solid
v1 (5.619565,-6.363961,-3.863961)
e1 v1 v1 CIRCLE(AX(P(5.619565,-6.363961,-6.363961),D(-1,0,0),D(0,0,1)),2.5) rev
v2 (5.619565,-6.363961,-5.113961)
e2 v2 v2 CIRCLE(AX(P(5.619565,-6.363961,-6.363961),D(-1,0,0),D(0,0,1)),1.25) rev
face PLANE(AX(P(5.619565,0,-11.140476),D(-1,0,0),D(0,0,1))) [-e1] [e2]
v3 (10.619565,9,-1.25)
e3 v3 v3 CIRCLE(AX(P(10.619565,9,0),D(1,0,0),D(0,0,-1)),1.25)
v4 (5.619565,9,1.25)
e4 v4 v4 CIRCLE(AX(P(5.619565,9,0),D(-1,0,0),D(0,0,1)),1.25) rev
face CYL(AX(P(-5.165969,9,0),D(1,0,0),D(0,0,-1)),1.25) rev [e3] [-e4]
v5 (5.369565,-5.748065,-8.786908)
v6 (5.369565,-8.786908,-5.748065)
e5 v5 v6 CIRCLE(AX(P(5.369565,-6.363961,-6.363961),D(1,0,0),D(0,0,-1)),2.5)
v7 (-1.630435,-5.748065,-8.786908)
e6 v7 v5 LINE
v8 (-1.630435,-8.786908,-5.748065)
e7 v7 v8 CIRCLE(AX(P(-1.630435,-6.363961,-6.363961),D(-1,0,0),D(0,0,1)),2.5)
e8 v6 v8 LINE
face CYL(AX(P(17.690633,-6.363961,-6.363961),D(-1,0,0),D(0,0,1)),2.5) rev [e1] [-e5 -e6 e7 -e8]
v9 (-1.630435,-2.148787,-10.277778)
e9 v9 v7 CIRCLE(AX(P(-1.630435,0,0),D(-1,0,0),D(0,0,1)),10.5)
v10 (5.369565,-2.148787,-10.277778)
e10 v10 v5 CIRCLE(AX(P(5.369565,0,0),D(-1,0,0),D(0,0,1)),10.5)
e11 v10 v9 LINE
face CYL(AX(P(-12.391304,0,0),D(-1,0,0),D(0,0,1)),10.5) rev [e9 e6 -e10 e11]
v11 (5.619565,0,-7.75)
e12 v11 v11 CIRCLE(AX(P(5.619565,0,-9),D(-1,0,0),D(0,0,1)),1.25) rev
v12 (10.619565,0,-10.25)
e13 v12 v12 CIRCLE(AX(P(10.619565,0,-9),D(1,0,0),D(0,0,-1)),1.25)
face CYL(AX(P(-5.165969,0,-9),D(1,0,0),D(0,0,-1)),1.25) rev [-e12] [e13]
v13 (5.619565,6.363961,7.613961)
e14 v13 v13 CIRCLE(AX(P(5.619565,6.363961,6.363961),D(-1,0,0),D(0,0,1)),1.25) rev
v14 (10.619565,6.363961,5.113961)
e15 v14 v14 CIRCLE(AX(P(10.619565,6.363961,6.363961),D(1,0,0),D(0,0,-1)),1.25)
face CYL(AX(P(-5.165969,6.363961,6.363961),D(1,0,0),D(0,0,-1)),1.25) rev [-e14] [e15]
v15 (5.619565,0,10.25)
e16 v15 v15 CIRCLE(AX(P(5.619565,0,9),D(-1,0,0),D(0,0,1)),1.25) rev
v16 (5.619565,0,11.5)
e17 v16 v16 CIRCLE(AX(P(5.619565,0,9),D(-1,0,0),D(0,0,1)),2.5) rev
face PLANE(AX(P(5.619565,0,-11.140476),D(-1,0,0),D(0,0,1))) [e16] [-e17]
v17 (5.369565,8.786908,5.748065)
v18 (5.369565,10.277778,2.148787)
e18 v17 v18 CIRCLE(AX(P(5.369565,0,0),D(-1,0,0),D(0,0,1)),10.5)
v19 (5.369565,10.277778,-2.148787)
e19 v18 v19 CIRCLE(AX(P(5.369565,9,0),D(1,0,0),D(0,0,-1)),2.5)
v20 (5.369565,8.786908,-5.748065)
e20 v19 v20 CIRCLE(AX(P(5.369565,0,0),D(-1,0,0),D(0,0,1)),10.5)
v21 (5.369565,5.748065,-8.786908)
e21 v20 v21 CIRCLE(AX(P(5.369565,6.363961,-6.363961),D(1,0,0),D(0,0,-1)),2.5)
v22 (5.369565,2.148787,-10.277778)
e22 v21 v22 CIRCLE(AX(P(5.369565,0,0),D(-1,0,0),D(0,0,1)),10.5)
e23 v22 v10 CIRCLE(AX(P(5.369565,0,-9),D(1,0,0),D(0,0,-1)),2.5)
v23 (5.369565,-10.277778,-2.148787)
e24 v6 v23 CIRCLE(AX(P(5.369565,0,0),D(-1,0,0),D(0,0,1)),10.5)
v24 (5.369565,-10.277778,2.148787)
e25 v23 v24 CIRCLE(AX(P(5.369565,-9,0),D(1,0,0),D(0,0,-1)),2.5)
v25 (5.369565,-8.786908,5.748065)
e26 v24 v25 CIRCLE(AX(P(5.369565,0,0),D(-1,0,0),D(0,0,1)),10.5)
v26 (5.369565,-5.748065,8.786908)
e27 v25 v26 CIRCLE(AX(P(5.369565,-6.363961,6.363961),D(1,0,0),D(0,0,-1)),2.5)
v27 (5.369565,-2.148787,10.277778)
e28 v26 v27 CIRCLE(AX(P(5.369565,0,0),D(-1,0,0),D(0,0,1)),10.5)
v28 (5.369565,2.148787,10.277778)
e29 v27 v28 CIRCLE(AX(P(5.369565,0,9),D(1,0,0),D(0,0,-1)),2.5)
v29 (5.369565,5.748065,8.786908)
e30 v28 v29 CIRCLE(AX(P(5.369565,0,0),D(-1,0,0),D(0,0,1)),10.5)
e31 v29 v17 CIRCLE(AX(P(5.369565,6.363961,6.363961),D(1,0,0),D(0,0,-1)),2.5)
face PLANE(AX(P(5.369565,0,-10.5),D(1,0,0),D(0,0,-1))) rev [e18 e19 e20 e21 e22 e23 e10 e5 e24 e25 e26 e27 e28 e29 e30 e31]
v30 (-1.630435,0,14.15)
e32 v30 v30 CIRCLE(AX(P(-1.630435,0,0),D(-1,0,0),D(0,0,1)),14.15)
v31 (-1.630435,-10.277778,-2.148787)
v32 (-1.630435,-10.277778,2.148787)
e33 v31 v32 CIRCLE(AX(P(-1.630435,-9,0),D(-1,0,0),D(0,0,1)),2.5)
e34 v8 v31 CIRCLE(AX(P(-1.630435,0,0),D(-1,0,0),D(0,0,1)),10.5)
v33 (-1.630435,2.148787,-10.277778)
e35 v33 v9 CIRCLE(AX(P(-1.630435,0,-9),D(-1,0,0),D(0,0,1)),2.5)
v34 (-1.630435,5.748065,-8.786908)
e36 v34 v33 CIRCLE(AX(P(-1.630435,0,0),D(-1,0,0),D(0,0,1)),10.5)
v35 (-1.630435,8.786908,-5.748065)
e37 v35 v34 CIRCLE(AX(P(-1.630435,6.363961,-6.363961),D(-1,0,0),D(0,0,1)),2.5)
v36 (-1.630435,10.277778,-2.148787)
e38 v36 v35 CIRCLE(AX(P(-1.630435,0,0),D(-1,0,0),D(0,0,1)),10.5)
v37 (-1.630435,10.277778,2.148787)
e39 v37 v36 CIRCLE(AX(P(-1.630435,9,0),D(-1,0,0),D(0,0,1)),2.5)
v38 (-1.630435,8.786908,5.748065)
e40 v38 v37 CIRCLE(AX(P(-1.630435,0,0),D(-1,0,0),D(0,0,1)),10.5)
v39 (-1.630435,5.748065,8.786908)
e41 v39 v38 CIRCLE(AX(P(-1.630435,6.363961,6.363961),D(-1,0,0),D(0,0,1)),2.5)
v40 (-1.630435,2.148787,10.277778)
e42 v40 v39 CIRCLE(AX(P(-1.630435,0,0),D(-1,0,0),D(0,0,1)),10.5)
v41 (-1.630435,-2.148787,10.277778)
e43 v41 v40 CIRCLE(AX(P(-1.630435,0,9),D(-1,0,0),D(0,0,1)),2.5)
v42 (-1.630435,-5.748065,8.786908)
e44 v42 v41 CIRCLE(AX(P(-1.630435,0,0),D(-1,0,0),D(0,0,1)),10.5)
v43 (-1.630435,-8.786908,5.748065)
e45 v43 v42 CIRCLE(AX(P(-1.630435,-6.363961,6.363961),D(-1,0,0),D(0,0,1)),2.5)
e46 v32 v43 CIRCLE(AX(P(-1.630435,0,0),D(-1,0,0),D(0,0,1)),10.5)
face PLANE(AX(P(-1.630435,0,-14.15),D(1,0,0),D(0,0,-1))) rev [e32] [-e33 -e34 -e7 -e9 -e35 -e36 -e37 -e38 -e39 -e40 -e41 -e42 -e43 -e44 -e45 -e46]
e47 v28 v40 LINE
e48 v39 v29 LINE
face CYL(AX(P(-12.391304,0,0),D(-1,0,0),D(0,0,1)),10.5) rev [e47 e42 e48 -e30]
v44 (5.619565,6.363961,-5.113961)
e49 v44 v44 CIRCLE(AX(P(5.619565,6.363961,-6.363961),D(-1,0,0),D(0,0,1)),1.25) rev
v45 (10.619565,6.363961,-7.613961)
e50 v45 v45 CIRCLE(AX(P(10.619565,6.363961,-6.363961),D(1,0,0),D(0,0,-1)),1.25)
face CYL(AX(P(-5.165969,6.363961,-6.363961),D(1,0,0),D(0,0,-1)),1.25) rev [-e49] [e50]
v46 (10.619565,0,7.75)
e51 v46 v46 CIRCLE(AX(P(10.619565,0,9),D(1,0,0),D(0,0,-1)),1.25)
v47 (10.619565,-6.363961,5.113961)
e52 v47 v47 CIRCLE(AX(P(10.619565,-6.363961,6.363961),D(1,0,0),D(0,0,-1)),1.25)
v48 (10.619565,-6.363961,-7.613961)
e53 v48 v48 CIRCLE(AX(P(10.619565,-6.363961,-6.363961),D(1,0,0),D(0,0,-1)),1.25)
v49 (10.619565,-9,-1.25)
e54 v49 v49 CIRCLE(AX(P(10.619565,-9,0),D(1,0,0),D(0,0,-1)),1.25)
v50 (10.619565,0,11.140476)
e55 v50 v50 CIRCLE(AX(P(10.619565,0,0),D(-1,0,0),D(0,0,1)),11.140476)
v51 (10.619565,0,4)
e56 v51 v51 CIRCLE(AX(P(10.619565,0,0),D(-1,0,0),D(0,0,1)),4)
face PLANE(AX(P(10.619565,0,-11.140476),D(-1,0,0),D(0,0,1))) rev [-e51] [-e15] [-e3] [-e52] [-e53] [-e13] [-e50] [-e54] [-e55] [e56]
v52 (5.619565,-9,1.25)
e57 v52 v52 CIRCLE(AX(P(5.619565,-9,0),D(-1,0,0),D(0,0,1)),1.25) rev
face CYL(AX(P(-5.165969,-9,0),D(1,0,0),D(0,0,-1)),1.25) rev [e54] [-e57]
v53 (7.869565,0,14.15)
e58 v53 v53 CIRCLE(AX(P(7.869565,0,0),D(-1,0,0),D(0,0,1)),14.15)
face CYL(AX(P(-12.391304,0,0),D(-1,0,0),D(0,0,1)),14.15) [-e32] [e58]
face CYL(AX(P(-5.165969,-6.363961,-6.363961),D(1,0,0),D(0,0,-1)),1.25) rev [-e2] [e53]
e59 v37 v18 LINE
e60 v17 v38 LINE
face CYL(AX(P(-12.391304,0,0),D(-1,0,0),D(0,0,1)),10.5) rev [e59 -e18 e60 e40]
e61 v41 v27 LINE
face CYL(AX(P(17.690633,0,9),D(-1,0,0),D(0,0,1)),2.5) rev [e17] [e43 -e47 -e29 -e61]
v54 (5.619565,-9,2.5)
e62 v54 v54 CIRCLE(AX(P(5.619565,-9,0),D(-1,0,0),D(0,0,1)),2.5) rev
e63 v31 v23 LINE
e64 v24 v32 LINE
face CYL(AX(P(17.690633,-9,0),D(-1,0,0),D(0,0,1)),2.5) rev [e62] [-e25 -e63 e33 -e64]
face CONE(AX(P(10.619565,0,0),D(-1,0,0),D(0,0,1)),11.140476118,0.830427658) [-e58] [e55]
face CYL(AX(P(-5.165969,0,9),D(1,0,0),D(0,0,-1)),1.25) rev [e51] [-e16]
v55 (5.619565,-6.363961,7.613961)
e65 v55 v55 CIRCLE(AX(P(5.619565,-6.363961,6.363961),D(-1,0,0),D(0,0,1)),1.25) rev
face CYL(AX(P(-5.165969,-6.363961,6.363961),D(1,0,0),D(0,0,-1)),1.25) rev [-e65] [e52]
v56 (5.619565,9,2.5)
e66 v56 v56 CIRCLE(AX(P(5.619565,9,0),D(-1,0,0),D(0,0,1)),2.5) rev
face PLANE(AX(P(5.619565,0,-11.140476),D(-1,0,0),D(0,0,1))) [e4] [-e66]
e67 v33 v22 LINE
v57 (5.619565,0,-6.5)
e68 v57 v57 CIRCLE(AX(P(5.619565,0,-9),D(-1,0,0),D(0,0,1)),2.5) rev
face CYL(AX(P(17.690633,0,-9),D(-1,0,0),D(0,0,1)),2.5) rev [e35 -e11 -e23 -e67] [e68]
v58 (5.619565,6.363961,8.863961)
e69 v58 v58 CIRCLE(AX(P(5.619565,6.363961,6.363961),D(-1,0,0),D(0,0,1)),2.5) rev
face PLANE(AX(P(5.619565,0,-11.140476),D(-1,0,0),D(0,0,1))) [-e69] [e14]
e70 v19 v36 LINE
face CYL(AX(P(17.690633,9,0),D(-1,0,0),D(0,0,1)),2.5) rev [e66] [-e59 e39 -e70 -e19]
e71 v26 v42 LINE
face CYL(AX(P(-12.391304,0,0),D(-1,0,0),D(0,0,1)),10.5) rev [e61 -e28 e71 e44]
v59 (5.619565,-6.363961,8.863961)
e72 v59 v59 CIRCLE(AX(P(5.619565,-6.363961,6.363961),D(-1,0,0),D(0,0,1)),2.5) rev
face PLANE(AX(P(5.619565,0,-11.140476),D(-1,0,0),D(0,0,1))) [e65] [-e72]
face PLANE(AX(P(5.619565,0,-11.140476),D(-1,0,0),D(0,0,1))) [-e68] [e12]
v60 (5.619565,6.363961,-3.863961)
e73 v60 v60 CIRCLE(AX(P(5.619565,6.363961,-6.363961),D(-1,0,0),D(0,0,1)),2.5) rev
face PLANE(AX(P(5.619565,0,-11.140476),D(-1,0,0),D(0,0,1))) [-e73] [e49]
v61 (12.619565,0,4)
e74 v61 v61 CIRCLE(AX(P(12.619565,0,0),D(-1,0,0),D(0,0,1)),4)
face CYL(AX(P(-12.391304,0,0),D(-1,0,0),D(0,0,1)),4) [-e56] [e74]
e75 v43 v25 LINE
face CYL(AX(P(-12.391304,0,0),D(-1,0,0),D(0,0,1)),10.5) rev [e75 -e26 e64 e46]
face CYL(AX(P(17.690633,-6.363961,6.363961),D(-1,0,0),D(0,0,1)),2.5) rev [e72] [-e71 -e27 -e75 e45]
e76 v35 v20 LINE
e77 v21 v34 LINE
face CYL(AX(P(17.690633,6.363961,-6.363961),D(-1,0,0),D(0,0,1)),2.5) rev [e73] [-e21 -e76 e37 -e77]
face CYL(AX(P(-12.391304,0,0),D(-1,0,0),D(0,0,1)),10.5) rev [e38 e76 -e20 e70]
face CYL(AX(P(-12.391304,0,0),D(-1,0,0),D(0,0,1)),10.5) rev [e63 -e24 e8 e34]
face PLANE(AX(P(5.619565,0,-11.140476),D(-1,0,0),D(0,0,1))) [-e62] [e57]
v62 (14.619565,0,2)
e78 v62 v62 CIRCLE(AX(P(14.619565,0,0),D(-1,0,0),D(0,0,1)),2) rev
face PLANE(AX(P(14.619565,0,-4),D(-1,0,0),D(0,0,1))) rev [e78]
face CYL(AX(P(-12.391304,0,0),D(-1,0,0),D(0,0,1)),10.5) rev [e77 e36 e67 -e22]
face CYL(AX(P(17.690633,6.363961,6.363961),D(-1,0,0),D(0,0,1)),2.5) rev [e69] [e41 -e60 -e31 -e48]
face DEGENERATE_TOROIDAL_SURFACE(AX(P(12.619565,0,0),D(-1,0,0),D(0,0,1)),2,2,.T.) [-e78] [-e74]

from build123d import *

# Parameters (mm, degrees)
FILLET1_R          = 2
SKETCH2_R          = 1.25
CUT_EXTRUDE1_DEPTH = 12.25
SKETCH3_R          = 2.5
CUT_EXTRUDE2_DEPTH = 7.25


with BuildPart() as part:
    # Sketch1 → Revolve1 (revolve)
    with BuildSketch(Plane(origin=(0, 0, 0), x_dir=(1, 0, 0), z_dir=(0, 1, 0))):
        Polygon((-1.630434783, 14.15), (7.869565217, 14.15), (10.619565217, 11.140476118), (10.619565217, 4), (14.619565217, 4), (14.619565217, 0), (13.372742768, 0), (5.369565217, 0), (5.369565217, 10.5), (-1.630434783, 10.5), align=None)
    revolve(axis=Axis((-12.391304348, 0, 0), (1, 0, 0)))

    # Fillet1
    fillet1_edges = [part.edges().sort_by_distance(p)[0] for p in [
        (14.619565217, 0, 4),
    ]]
    fillet(fillet1_edges, radius=FILLET1_R)

    # Sketch2 → Cut-Extrude1 (cut)
    with BuildSketch(Plane(origin=(10.619565217, 0, 0), x_dir=(0, 0, -1), z_dir=(1, 0, 0))):
        with Locations((0, 9)):
            Circle(SKETCH2_R)
        with Locations((6.363961031, 6.363961031)):
            Circle(SKETCH2_R)
        with Locations((9, 0)):
            Circle(SKETCH2_R)
        with Locations((6.363961031, -6.363961031)):
            Circle(SKETCH2_R)
        with Locations((0, -9)):
            Circle(SKETCH2_R)
        with Locations((-6.363961031, -6.363961031)):
            Circle(SKETCH2_R)
        with Locations((-9, 0)):
            Circle(SKETCH2_R)
        with Locations((-6.363961031, 6.363961031)):
            Circle(SKETCH2_R)
    extrude(amount=-CUT_EXTRUDE1_DEPTH, mode=Mode.SUBTRACT)

    # Sketch3 → Cut-Extrude2 (cut)
    with BuildSketch(Plane.ZY.offset(1.630434783)):
        with Locations((0, 9)):
            Circle(SKETCH3_R)
        with Locations((6.363961031, 6.363961031)):
            Circle(SKETCH3_R)
        with Locations((9, 0)):
            Circle(SKETCH3_R)
        with Locations((6.363961031, -6.363961031)):
            Circle(SKETCH3_R)
        with Locations((0, -9)):
            Circle(SKETCH3_R)
        with Locations((-6.363961031, -6.363961031)):
            Circle(SKETCH3_R)
        with Locations((-9, 0)):
            Circle(SKETCH3_R)
        with Locations((-6.363961031, 6.363961031)):
            Circle(SKETCH3_R)
    extrude(amount=-CUT_EXTRUDE2_DEPTH, mode=Mode.SUBTRACT)


solid = part.part
